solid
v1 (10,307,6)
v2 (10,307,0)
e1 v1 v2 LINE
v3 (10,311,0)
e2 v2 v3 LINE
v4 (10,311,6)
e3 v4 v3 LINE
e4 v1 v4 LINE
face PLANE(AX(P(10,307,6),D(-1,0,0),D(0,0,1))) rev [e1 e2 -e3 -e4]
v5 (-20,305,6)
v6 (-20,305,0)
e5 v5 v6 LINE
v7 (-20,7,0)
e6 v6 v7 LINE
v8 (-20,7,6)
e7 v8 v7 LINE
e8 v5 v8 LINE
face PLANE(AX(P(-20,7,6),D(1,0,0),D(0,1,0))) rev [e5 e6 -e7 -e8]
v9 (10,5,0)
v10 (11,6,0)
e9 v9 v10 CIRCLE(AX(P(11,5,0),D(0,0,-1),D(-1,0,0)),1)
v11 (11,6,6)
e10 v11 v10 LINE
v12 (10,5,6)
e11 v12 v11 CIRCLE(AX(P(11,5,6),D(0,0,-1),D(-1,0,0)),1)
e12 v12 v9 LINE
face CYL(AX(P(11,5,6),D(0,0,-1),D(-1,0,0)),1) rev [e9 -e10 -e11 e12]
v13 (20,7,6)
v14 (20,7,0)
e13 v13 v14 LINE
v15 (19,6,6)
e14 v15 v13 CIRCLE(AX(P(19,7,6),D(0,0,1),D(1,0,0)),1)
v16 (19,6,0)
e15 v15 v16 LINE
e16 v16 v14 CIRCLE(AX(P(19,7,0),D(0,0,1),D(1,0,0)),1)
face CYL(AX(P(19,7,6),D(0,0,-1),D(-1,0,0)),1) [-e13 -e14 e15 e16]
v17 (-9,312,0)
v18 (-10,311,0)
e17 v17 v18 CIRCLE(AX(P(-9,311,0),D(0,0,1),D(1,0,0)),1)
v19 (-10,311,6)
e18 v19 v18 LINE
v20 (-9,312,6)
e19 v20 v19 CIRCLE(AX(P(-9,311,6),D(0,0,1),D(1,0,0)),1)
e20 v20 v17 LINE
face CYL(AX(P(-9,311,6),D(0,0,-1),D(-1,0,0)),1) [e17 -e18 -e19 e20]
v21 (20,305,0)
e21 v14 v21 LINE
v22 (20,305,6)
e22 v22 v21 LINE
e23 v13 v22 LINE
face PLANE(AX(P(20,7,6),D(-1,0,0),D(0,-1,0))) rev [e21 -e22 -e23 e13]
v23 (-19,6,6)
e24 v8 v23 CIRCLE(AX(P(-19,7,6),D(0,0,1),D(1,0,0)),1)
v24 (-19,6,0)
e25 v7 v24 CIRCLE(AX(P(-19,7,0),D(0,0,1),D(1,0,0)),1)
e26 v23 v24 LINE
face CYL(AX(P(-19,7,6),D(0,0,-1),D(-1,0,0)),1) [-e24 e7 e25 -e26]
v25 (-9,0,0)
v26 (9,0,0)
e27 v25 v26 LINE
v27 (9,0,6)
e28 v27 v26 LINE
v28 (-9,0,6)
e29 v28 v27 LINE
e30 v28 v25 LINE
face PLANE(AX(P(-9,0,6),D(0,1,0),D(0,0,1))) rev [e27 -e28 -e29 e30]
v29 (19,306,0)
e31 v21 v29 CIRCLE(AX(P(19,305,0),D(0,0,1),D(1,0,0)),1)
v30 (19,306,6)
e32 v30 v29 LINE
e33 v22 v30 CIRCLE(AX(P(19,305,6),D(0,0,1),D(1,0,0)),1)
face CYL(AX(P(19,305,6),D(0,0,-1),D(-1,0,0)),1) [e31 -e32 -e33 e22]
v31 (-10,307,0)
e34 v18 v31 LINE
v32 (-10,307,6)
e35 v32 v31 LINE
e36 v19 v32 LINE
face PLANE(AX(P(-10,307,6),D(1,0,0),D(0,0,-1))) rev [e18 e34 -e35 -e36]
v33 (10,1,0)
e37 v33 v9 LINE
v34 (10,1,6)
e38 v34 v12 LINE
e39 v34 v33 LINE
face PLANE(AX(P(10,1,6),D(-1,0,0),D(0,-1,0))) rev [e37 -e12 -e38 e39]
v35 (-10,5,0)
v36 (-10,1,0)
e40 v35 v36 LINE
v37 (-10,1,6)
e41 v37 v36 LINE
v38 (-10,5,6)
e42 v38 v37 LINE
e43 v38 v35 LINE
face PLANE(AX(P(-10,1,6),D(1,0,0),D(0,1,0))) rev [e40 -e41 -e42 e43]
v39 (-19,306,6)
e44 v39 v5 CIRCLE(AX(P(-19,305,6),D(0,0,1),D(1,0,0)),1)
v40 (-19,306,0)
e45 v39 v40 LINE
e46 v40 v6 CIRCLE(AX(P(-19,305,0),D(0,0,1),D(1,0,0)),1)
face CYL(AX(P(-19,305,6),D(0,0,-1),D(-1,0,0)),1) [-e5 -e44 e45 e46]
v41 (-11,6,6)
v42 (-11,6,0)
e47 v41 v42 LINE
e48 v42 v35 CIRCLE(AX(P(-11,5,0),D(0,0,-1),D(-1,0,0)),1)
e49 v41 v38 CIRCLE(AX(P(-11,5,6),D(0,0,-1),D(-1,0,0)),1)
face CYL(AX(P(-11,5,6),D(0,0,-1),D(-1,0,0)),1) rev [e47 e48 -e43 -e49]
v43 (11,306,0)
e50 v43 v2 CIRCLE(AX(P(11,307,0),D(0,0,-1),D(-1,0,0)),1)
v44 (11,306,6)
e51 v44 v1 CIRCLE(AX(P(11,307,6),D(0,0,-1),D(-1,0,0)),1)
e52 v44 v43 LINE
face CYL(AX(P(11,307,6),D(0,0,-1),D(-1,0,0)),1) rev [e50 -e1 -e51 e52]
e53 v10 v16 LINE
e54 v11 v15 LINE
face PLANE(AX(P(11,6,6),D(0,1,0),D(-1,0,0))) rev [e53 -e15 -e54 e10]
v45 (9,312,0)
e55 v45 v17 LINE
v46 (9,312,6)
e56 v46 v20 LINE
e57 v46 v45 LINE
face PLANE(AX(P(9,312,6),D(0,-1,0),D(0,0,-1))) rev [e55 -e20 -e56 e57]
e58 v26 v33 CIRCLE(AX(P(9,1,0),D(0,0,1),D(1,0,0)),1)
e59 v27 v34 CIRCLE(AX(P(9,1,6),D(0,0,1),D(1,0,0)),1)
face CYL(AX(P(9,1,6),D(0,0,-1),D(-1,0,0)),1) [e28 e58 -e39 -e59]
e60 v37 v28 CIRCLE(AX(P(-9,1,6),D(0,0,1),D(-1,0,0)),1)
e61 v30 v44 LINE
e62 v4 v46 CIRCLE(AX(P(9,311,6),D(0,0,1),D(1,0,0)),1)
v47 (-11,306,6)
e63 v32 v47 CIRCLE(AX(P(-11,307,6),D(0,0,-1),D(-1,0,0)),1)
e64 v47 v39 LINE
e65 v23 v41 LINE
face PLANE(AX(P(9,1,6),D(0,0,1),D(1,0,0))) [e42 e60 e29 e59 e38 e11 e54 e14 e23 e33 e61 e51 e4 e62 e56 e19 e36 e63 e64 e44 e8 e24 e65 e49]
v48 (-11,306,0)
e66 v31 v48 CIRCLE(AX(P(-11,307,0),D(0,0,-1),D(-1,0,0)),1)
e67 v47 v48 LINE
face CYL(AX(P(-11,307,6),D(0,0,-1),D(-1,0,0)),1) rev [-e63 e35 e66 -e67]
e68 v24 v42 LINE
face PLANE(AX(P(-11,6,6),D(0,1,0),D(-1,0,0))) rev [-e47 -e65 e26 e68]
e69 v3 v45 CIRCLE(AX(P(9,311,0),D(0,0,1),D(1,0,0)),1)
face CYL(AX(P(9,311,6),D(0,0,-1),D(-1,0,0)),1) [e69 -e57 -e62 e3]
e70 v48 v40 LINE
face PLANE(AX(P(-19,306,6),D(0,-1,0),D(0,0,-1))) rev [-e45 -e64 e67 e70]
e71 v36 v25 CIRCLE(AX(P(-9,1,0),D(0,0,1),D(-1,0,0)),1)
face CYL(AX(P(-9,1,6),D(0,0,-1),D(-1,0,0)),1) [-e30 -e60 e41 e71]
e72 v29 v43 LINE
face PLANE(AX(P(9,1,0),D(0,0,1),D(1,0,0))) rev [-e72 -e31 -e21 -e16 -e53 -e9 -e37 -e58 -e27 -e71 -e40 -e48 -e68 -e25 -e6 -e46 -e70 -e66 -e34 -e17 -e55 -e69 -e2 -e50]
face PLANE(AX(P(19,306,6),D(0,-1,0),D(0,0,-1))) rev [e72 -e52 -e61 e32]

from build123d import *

# Parameters (mm, degrees)
BOSS_EXTRUDE1_DEPTH = 6


with BuildPart() as part:
    # Sketch1 → Boss-Extrude1 (new body)
    with BuildSketch(Plane.XY):
        with BuildLine():
            Line((-9, 0), (9, 0))
            ThreePointArc((9, 0), (9.707106781, 0.292893219), (10, 1))
            Line((10, 1), (10, 5))
            ThreePointArc((10, 5), (10.292893219, 5.707106781), (11, 6))
            Line((11, 6), (19, 6))
            ThreePointArc((19, 6), (19.707106781, 6.292893219), (20, 7))
            Line((20, 7), (20, 305))
            ThreePointArc((20, 305), (19.707106781, 305.707106781), (19, 306))
            Line((19, 306), (11, 306))
            ThreePointArc((11, 306), (10.292893219, 306.292893219), (10, 307))
            Line((10, 307), (10, 311))
            ThreePointArc((10, 311), (9.707106781, 311.707106781), (9, 312))
            Line((9, 312), (-9, 312))
            ThreePointArc((-9, 312), (-9.707106781, 311.707106781), (-10, 311))
            Line((-10, 311), (-10, 307))
            ThreePointArc((-10, 307), (-10.292893219, 306.292893219), (-11, 306))
            Line((-11, 306), (-19, 306))
            ThreePointArc((-19, 306), (-19.707106781, 305.707106781), (-20, 305))
            Line((-20, 305), (-20, 7))
            ThreePointArc((-20, 7), (-19.707106781, 6.292893219), (-19, 6))
            Line((-19, 6), (-11, 6))
            ThreePointArc((-11, 6), (-10.292893219, 5.707106781), (-10, 5))
            Line((-10, 5), (-10, 1))
            ThreePointArc((-10, 1), (-9.707106781, 0.292893219), (-9, 0))
        make_face()
    extrude(amount=BOSS_EXTRUDE1_DEPTH)


solid = part.part
